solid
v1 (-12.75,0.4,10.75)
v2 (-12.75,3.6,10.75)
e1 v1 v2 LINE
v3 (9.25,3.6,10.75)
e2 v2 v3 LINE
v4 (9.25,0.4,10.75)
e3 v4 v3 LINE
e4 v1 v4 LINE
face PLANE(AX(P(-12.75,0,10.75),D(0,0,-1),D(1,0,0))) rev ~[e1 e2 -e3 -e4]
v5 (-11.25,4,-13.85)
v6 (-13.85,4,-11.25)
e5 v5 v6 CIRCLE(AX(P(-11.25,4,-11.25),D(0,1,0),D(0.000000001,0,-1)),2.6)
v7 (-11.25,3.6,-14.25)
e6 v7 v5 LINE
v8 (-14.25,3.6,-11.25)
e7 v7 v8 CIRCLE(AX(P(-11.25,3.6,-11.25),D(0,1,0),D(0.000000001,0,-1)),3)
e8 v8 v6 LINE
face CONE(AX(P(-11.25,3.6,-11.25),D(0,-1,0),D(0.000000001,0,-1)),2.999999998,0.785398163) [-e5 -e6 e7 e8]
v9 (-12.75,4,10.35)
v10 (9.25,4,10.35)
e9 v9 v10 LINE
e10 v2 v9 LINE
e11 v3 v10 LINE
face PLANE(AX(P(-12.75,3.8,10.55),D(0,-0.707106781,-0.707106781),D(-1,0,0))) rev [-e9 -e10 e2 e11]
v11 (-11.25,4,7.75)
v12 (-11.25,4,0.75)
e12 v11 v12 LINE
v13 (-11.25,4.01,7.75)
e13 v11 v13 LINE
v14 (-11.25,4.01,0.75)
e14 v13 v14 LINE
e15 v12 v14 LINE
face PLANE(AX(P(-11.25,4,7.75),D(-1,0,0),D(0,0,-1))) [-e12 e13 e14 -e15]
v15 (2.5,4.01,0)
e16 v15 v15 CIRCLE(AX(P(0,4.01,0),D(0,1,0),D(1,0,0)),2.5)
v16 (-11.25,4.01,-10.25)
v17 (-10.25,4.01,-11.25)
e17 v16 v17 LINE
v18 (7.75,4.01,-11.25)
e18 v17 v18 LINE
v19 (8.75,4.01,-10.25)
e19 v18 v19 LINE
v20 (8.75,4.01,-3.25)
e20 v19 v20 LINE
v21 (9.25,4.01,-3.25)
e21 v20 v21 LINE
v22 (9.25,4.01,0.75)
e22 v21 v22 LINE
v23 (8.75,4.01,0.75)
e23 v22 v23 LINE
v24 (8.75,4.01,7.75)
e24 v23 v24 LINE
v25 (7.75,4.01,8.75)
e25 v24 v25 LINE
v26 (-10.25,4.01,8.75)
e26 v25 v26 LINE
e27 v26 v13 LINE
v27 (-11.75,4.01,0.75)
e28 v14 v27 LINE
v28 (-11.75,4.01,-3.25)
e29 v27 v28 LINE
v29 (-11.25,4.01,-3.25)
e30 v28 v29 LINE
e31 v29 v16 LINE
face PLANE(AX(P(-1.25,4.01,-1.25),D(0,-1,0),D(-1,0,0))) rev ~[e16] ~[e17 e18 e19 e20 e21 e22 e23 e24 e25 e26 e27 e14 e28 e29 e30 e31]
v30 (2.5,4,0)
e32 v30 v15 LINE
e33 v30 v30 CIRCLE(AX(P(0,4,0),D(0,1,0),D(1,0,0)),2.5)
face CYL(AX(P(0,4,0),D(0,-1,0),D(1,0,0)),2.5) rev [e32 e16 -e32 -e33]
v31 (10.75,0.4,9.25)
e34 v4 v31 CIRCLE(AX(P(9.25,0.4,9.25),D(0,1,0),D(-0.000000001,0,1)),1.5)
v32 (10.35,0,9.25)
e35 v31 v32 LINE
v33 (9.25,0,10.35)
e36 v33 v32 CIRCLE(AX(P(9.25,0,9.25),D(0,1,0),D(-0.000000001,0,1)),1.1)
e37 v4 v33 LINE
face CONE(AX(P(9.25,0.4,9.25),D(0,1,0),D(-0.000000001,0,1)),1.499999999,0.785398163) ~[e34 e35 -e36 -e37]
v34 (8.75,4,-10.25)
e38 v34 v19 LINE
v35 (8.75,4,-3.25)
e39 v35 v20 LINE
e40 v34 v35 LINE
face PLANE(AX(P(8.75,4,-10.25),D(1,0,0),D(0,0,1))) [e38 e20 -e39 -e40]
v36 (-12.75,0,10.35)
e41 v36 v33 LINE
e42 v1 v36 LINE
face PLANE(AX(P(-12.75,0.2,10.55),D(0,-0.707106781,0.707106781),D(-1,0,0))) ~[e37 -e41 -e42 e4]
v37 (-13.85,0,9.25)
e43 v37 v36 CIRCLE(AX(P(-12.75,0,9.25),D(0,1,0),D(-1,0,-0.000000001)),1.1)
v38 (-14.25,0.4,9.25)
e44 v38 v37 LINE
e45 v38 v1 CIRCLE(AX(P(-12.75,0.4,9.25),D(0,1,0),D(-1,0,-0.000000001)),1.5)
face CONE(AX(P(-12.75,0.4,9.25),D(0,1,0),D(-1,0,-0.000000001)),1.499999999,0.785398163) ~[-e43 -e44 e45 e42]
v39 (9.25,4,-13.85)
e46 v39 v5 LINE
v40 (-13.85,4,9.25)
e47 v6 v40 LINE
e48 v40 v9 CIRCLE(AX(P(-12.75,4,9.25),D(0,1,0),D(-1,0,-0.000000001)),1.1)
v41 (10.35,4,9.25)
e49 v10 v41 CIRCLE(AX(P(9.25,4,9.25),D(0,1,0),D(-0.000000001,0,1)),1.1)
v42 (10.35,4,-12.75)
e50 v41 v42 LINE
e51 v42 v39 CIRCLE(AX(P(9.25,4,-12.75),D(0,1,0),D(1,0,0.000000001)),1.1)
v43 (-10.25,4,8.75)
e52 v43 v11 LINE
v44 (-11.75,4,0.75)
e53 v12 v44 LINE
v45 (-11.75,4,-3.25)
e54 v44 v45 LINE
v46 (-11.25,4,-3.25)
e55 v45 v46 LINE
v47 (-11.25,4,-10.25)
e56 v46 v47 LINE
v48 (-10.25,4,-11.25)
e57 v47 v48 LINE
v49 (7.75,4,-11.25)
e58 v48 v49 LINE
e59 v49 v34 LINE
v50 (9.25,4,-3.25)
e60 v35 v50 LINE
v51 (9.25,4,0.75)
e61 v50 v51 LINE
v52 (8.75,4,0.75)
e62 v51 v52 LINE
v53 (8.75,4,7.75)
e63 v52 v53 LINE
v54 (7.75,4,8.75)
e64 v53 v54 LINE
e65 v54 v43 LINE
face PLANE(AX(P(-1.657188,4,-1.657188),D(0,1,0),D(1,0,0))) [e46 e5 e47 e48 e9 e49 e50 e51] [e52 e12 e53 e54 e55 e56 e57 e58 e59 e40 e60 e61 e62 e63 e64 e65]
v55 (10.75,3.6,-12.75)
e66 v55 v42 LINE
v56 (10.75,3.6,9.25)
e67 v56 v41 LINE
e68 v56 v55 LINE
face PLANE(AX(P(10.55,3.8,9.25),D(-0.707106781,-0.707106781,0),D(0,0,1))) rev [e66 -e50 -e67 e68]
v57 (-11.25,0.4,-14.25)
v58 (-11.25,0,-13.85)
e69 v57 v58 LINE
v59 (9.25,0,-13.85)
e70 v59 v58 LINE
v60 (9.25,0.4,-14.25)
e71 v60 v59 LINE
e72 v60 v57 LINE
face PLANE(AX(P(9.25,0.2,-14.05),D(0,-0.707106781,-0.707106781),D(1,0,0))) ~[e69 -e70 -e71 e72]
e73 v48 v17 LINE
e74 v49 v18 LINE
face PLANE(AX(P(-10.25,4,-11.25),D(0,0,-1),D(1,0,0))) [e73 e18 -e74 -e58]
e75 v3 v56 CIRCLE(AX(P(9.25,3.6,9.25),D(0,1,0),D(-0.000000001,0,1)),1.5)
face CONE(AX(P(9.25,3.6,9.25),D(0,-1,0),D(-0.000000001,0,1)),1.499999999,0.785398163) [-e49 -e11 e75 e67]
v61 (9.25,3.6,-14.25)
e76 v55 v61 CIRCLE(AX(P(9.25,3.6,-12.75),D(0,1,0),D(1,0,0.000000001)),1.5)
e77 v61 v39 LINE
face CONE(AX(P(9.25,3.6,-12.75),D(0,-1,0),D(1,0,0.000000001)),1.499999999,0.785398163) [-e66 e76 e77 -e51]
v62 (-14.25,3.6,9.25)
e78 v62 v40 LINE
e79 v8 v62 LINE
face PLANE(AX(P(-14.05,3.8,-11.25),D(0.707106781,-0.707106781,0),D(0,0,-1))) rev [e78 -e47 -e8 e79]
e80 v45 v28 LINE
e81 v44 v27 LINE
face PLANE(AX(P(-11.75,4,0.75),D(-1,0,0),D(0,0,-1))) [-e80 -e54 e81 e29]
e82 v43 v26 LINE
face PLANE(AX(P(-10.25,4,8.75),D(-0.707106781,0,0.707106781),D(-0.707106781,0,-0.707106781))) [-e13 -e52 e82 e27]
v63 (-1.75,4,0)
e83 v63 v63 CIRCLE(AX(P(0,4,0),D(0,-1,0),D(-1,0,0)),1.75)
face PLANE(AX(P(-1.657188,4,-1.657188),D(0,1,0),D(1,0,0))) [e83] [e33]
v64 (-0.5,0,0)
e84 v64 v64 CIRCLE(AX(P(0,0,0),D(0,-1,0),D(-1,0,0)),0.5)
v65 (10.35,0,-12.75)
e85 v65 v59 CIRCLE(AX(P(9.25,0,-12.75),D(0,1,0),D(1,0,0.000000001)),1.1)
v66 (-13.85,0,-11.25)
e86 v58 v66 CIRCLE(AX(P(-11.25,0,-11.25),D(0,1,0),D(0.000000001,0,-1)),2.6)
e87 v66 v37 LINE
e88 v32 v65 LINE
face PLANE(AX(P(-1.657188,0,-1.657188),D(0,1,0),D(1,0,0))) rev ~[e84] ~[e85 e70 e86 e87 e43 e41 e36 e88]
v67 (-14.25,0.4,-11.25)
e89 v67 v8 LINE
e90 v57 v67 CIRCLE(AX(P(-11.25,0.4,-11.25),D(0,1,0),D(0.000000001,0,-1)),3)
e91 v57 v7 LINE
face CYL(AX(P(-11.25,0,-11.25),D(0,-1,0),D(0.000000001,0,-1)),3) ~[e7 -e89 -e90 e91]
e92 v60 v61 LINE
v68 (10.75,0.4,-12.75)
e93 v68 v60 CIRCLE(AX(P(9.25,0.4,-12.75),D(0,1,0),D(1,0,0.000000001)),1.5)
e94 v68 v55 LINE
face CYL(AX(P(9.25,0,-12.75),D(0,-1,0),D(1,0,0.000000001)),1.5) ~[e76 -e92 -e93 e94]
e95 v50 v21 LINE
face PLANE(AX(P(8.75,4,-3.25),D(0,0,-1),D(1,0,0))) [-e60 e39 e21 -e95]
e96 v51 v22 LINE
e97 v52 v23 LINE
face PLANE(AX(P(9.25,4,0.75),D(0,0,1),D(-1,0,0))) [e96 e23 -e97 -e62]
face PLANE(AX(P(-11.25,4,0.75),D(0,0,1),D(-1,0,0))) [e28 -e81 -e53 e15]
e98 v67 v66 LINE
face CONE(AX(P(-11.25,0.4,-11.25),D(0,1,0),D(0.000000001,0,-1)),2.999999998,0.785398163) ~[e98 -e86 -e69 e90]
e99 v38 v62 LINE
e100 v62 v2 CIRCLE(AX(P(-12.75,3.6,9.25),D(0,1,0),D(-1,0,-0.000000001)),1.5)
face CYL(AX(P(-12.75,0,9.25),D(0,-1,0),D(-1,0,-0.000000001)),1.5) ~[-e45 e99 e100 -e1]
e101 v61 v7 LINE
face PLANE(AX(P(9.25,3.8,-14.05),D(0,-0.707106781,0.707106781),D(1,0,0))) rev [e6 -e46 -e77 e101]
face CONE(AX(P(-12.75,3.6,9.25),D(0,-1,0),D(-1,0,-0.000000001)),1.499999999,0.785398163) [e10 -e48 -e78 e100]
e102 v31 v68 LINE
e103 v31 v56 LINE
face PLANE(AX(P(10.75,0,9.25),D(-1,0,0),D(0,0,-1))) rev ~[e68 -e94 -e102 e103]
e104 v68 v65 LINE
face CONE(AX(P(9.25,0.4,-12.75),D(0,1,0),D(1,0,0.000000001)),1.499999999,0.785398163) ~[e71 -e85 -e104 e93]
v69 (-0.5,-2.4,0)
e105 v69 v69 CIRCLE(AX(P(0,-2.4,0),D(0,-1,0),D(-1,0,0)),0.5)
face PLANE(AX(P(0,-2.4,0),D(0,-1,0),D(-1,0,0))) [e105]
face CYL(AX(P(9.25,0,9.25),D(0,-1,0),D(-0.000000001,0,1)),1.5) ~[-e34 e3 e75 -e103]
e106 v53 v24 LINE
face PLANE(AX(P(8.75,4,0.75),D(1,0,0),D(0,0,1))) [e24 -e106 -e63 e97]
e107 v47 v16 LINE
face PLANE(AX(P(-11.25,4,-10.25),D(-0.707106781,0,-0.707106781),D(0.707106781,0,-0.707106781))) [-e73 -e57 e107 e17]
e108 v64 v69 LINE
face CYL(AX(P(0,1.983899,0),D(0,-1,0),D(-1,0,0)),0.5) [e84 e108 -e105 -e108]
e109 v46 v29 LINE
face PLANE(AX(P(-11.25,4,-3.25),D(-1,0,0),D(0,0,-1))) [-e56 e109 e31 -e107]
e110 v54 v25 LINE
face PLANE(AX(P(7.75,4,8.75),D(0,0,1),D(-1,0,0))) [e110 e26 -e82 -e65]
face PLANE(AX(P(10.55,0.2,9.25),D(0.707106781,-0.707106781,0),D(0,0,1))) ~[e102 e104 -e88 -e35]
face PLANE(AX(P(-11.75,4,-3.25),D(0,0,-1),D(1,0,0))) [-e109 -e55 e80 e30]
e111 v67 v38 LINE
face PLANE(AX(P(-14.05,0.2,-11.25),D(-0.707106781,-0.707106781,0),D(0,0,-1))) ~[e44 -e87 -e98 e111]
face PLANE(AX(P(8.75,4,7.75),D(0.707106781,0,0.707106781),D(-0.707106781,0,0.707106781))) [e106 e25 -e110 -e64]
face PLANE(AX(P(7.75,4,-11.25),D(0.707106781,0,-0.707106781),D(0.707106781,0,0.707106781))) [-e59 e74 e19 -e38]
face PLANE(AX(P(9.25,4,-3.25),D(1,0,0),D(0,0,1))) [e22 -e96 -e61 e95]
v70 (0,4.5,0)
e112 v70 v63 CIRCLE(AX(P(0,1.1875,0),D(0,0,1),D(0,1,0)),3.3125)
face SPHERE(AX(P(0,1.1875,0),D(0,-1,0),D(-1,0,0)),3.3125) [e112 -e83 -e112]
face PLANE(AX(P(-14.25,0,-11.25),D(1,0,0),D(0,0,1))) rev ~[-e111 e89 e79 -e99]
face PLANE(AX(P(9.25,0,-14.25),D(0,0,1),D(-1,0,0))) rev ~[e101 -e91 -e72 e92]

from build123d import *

# Parameters (mm, degrees)
BOSS_EXTRUDE1_DEPTH = 4
CHAMFER1_SIZE       = 0.4
BOSS_EXTRUDE2_START = 4
SKETCH3_R           = 2.5
BOSS_EXTRUDE2_DEPTH = 0.01


with BuildPart() as part:
    # Sketch1 → Boss-Extrude1 (new body)
    with BuildSketch(Plane(origin=(0, 0, 0), x_dir=(1, 0, 0), z_dir=(0, 1, 0))):
        with BuildLine():
            Line((-12.75, -10.75), (9.25, -10.75))
            ThreePointArc((9.25, -10.75), (10.310660172, -10.310660172), (10.75, -9.25))
            Line((10.75, -9.25), (10.75, 12.75))
            ThreePointArc((10.75, 12.75), (10.310660172, 13.810660172), (9.25, 14.25))
            Line((9.25, 14.25), (-11.25, 14.25))
            ThreePointArc((-11.25, 14.25), (-13.371320344, 13.371320344), (-14.25, 11.25))
            Line((-14.25, 11.25), (-14.25, -9.25))
            ThreePointArc((-14.25, -9.25), (-13.810660172, -10.310660172), (-12.75, -10.75))
        make_face()
    extrude(amount=BOSS_EXTRUDE1_DEPTH)

    # Chamfer1
    chamfer1_edges = [part.edges().sort_by_distance(p)[0] for p in [
        (-13.810660172, 4, 10.310660172),
        (-14.25, 0, -1),
        (-13.371320344, 0, -13.371320344),
        (-1.75, 4, 10.75),
        (10.310660172, 4, 10.310660172),
        (10.75, 4, -1.75),
        (10.310660172, 4, -13.810660172),
        (-1, 4, -14.25),
        (-13.371320344, 4, -13.371320344),
        (-14.25, 4, -1),
        (-1, 0, -14.25),
        (10.310660172, 0, -13.810660172),
        (10.75, 0, -1.75),
        (10.310660172, 0, 10.310660172),
        (-1.75, 0, 10.75),
        (-13.810660172, 0, 10.310660172),
    ]]
    chamfer(chamfer1_edges, length=CHAMFER1_SIZE)

    # Sketch2 → Revolve1 (revolve)
    with BuildSketch(Plane.XY):
        with BuildLine():
            Line((-3.215339078, 1.983898683), (-0.5, 1.983898683))
            Line((-0.5, 1.983898683), (-0.5, -2.4))
            Line((-0.5, -2.4), (0, -2.4))
            Line((0, -2.4), (0, 4.5))
            ThreePointArc((0, 4.5), (-2.041394819, 3.796209153), (-3.215339078, 1.983898683))
        make_face()
    revolve(axis=Axis((0, 5.892068095, 0), (0, -1, 0)))

    # Sketch3 → Boss-Extrude2 (add)
    with BuildSketch(Plane(origin=(0, 0, 0), x_dir=(1, 0, 0), z_dir=(0, 1, 0)).offset(BOSS_EXTRUDE2_START)):
        Polygon((-10.25, 11.25), (7.75, 11.25), (8.75, 10.25), (8.75, 3.25), (9.25, 3.25), (9.25, -0.75), (8.75, -0.75), (8.75, -7.75), (7.75, -8.75), (-10.25, -8.75), (-11.25, -7.75), (-11.25, -0.75), (-11.75, -0.75), (-11.75, 3.25), (-11.25, 3.25), (-11.25, 10.25), align=None)
        Circle(SKETCH3_R, mode=Mode.SUBTRACT)
    extrude(amount=BOSS_EXTRUDE2_DEPTH)


solid = part.part
